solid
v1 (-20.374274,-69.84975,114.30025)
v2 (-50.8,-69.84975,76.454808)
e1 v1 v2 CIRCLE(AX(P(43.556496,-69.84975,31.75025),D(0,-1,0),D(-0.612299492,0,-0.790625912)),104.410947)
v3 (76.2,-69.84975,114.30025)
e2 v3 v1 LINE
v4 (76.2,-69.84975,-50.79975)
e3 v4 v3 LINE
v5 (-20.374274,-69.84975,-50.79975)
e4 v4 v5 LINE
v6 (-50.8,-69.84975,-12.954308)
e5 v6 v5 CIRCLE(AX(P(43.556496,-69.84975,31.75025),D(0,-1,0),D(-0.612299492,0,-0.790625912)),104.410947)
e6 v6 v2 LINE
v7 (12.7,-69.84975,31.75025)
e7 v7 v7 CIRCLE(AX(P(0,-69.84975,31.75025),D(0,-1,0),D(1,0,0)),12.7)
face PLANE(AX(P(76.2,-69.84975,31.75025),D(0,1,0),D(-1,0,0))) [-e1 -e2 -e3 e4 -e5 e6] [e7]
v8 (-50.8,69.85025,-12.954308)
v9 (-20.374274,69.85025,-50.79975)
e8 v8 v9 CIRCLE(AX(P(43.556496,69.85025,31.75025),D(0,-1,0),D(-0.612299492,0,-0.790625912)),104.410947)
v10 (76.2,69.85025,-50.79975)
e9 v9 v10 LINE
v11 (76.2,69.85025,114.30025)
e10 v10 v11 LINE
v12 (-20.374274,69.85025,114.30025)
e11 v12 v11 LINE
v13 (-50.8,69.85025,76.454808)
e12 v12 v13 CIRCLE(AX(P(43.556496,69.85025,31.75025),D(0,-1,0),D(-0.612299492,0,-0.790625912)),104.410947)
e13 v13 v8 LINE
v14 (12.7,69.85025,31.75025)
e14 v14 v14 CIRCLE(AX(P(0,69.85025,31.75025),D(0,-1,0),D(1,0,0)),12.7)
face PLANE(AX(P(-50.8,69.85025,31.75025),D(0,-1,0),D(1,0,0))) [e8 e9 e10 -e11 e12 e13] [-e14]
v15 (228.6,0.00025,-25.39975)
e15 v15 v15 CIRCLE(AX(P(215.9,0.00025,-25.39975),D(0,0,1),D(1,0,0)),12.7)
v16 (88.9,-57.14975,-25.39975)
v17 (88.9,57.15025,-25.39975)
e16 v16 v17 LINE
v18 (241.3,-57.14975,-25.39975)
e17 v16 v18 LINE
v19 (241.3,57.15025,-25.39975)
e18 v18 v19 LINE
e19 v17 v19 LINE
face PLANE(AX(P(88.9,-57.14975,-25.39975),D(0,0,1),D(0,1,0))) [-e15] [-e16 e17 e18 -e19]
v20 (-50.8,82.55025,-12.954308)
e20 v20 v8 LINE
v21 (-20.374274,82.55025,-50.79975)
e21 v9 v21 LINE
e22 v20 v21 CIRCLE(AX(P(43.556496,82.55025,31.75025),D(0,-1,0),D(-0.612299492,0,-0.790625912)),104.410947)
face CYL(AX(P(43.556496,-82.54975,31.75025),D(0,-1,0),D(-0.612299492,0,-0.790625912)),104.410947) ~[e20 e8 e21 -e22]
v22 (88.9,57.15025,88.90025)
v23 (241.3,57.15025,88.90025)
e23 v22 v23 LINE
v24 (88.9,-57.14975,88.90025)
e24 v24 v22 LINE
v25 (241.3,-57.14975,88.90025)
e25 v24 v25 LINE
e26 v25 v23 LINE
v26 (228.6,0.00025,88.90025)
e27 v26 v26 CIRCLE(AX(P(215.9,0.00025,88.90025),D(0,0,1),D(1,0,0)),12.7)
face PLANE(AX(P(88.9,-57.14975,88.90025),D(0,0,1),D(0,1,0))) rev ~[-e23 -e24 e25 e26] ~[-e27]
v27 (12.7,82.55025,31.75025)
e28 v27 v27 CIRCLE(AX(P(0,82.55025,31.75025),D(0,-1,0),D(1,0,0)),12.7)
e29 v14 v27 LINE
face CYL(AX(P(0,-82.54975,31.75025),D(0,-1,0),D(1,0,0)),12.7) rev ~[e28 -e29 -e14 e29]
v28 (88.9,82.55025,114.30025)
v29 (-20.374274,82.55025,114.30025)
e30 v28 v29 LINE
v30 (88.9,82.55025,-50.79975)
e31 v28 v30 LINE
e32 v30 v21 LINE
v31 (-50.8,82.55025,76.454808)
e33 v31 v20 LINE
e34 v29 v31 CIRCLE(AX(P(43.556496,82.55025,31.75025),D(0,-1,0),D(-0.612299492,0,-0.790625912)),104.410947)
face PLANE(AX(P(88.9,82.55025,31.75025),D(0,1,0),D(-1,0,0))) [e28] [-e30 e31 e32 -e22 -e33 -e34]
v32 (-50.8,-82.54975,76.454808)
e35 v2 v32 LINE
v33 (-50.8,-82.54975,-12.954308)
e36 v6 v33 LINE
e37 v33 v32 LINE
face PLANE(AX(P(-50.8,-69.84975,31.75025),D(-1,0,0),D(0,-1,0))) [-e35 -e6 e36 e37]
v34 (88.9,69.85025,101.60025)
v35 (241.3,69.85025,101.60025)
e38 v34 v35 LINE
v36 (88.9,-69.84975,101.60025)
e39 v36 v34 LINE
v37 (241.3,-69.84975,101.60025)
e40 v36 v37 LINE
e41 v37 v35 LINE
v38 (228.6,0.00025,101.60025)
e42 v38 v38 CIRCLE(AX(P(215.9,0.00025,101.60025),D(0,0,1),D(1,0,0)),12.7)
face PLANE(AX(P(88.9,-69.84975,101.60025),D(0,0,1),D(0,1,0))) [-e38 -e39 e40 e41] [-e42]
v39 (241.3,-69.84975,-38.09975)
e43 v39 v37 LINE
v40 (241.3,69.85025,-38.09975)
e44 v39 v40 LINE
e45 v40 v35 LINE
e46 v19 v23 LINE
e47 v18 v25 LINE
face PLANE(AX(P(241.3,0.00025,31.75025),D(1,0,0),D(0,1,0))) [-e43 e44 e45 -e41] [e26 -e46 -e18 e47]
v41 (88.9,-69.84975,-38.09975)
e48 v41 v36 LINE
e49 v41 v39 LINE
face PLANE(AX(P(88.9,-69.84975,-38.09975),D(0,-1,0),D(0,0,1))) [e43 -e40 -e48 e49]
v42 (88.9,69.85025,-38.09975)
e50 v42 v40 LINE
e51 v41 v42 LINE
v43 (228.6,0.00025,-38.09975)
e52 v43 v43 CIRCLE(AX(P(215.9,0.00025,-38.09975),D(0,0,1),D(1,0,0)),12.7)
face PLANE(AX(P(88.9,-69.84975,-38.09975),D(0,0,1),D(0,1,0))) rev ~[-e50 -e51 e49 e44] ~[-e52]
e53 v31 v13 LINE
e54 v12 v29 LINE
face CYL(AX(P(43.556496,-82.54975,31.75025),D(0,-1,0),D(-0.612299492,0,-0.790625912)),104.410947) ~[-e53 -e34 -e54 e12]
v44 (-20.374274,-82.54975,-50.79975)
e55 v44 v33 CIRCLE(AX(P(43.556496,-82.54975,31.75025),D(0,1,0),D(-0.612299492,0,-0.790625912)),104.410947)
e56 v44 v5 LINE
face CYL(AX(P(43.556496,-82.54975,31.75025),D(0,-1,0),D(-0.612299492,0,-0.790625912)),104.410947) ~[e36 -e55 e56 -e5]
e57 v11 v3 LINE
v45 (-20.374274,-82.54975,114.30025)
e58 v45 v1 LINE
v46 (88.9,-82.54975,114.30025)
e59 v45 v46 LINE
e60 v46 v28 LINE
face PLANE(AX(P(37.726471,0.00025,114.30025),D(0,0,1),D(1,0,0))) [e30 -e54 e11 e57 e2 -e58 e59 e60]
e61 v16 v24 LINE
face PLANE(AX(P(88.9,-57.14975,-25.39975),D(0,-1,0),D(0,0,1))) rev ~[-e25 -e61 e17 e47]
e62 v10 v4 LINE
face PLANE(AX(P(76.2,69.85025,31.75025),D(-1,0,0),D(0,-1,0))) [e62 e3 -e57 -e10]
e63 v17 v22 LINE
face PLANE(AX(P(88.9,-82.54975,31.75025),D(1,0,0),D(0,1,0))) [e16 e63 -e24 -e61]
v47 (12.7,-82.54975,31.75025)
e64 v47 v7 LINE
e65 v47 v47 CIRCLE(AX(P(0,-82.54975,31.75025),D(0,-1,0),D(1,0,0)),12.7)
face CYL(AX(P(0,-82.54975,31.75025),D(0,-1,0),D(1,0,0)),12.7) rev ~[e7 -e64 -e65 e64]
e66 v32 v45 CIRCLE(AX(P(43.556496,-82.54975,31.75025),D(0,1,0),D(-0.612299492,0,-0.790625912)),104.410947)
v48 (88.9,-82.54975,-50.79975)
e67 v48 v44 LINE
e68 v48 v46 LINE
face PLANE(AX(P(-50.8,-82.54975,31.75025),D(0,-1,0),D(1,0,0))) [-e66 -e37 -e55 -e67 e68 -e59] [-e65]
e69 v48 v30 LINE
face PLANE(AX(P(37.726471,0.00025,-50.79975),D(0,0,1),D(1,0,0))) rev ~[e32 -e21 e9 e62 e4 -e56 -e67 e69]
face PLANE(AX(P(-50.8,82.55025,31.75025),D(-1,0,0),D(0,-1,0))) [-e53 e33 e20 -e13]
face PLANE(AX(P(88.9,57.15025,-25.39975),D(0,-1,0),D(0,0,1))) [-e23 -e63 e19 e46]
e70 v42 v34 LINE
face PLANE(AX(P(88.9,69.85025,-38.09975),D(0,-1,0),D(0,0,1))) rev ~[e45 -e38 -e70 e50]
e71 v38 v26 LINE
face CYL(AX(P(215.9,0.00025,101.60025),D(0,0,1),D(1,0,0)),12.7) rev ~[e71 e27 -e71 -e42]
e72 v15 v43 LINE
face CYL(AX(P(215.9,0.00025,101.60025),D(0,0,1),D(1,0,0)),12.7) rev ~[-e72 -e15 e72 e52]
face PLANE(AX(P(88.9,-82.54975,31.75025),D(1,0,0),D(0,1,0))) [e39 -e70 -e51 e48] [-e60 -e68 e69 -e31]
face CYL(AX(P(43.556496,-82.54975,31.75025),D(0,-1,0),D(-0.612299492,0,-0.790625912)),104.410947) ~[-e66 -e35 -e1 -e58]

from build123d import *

# Parameters (mm, degrees)
BOSS_EXTRUDE1_DEPTH     = 82.55
SKETCH4_W               = 139.7
SKETCH4_H               = 139.7
SKETCH4_W_2             = 114.3
SKETCH4_H_2             = 114.3
BOSS_EXTRUDE2_DEPTH     = 152.4
SKETCH5_R               = 12.7
CUT_EXTRUDE1_DEPTH      = 1
CUT_EXTRUDE1_DEPTH_BACK = 166.1
SKETCH6_R               = 12.7
CUT_EXTRUDE2_DEPTH      = 13.7
CUT_EXTRUDE2_DEPTH_BACK = 153.4
CUT_EXTRUDE4_DEPTH      = 1
CUT_EXTRUDE4_DEPTH_BACK = 166.1
BODY_MOVE_COPY1_ANGLE   = 90


with BuildPart() as part:
    # Sketch2 → Boss-Extrude1 (new body, symmetric)
    with BuildSketch(Plane(origin=(0, 0, 0), x_dir=(1, 0, 0), z_dir=(0, 1, 0))):
        Polygon((-50.8, 38.1), (76.2, 38.1), (76.2, -101.6), (-50.8, -101.6), (-50.8, -114.3), (88.9, -114.3), (88.9, 50.8), (-50.8, 50.8), align=None)
    extrude(amount=BOSS_EXTRUDE1_DEPTH, both=True)

    # Sketch4 → Boss-Extrude2 (add)
    with BuildSketch(Plane(origin=(88.9, 0, 0), x_dir=(0, 0, -1), z_dir=(1, 0, 0))):
        with Locations((-31.75, 0)):
            Rectangle(SKETCH4_W, SKETCH4_H)
        with Locations((-31.75, 0)):
            Rectangle(SKETCH4_W_2, SKETCH4_H_2, mode=Mode.SUBTRACT)
    extrude(amount=BOSS_EXTRUDE2_DEPTH)

    # Sketch5 → Cut-Extrude1 (cut, two sides)
    with BuildSketch(Plane.XY.offset(114.3)) as cut_extrude1_sk:
        Circle(SKETCH5_R)
    extrude(amount=CUT_EXTRUDE1_DEPTH, mode=Mode.SUBTRACT)
    extrude(cut_extrude1_sk.sketch, amount=-CUT_EXTRUDE1_DEPTH_BACK, mode=Mode.SUBTRACT)

    # Sketch6 → Cut-Extrude2 (cut, two sides)
    with BuildSketch(Plane(origin=(0, 69.85, 0), x_dir=(1, 0, 0), z_dir=(0, 1, 0))) as cut_extrude2_sk:
        with Locations((215.9, -31.75)):
            Circle(SKETCH6_R)
    extrude(amount=CUT_EXTRUDE2_DEPTH, mode=Mode.SUBTRACT)
    extrude(cut_extrude2_sk.sketch, amount=-CUT_EXTRUDE2_DEPTH_BACK, mode=Mode.SUBTRACT)

    # Sketch7 → Cut-Extrude4 (cut, two sides)
    with BuildSketch(Plane.XY.offset(114.3)) as cut_extrude4_sk:
        with BuildLine():
            Line((-20.374273833, 82.55), (-68.429055494, 82.55))
            Line((-68.429055494, 82.55), (-68.429055494, -82.55))
            Line((-68.429055494, -82.55), (-20.374273833, -82.55))
            ThreePointArc((-20.374273833, -82.55), (-60.854450977, 0), (-20.374273833, 82.55))
        make_face()
    extrude(amount=CUT_EXTRUDE4_DEPTH, mode=Mode.SUBTRACT)
    extrude(cut_extrude4_sk.sketch, amount=-CUT_EXTRUDE4_DEPTH_BACK, mode=Mode.SUBTRACT)


with BuildPart() as part_1:
    # Body-Move/Copy1: moved
    add(part.part.rotate(Axis((0, 0, 31.75025), (1, 0, 0)), BODY_MOVE_COPY1_ANGLE))


solid = part_1.part
